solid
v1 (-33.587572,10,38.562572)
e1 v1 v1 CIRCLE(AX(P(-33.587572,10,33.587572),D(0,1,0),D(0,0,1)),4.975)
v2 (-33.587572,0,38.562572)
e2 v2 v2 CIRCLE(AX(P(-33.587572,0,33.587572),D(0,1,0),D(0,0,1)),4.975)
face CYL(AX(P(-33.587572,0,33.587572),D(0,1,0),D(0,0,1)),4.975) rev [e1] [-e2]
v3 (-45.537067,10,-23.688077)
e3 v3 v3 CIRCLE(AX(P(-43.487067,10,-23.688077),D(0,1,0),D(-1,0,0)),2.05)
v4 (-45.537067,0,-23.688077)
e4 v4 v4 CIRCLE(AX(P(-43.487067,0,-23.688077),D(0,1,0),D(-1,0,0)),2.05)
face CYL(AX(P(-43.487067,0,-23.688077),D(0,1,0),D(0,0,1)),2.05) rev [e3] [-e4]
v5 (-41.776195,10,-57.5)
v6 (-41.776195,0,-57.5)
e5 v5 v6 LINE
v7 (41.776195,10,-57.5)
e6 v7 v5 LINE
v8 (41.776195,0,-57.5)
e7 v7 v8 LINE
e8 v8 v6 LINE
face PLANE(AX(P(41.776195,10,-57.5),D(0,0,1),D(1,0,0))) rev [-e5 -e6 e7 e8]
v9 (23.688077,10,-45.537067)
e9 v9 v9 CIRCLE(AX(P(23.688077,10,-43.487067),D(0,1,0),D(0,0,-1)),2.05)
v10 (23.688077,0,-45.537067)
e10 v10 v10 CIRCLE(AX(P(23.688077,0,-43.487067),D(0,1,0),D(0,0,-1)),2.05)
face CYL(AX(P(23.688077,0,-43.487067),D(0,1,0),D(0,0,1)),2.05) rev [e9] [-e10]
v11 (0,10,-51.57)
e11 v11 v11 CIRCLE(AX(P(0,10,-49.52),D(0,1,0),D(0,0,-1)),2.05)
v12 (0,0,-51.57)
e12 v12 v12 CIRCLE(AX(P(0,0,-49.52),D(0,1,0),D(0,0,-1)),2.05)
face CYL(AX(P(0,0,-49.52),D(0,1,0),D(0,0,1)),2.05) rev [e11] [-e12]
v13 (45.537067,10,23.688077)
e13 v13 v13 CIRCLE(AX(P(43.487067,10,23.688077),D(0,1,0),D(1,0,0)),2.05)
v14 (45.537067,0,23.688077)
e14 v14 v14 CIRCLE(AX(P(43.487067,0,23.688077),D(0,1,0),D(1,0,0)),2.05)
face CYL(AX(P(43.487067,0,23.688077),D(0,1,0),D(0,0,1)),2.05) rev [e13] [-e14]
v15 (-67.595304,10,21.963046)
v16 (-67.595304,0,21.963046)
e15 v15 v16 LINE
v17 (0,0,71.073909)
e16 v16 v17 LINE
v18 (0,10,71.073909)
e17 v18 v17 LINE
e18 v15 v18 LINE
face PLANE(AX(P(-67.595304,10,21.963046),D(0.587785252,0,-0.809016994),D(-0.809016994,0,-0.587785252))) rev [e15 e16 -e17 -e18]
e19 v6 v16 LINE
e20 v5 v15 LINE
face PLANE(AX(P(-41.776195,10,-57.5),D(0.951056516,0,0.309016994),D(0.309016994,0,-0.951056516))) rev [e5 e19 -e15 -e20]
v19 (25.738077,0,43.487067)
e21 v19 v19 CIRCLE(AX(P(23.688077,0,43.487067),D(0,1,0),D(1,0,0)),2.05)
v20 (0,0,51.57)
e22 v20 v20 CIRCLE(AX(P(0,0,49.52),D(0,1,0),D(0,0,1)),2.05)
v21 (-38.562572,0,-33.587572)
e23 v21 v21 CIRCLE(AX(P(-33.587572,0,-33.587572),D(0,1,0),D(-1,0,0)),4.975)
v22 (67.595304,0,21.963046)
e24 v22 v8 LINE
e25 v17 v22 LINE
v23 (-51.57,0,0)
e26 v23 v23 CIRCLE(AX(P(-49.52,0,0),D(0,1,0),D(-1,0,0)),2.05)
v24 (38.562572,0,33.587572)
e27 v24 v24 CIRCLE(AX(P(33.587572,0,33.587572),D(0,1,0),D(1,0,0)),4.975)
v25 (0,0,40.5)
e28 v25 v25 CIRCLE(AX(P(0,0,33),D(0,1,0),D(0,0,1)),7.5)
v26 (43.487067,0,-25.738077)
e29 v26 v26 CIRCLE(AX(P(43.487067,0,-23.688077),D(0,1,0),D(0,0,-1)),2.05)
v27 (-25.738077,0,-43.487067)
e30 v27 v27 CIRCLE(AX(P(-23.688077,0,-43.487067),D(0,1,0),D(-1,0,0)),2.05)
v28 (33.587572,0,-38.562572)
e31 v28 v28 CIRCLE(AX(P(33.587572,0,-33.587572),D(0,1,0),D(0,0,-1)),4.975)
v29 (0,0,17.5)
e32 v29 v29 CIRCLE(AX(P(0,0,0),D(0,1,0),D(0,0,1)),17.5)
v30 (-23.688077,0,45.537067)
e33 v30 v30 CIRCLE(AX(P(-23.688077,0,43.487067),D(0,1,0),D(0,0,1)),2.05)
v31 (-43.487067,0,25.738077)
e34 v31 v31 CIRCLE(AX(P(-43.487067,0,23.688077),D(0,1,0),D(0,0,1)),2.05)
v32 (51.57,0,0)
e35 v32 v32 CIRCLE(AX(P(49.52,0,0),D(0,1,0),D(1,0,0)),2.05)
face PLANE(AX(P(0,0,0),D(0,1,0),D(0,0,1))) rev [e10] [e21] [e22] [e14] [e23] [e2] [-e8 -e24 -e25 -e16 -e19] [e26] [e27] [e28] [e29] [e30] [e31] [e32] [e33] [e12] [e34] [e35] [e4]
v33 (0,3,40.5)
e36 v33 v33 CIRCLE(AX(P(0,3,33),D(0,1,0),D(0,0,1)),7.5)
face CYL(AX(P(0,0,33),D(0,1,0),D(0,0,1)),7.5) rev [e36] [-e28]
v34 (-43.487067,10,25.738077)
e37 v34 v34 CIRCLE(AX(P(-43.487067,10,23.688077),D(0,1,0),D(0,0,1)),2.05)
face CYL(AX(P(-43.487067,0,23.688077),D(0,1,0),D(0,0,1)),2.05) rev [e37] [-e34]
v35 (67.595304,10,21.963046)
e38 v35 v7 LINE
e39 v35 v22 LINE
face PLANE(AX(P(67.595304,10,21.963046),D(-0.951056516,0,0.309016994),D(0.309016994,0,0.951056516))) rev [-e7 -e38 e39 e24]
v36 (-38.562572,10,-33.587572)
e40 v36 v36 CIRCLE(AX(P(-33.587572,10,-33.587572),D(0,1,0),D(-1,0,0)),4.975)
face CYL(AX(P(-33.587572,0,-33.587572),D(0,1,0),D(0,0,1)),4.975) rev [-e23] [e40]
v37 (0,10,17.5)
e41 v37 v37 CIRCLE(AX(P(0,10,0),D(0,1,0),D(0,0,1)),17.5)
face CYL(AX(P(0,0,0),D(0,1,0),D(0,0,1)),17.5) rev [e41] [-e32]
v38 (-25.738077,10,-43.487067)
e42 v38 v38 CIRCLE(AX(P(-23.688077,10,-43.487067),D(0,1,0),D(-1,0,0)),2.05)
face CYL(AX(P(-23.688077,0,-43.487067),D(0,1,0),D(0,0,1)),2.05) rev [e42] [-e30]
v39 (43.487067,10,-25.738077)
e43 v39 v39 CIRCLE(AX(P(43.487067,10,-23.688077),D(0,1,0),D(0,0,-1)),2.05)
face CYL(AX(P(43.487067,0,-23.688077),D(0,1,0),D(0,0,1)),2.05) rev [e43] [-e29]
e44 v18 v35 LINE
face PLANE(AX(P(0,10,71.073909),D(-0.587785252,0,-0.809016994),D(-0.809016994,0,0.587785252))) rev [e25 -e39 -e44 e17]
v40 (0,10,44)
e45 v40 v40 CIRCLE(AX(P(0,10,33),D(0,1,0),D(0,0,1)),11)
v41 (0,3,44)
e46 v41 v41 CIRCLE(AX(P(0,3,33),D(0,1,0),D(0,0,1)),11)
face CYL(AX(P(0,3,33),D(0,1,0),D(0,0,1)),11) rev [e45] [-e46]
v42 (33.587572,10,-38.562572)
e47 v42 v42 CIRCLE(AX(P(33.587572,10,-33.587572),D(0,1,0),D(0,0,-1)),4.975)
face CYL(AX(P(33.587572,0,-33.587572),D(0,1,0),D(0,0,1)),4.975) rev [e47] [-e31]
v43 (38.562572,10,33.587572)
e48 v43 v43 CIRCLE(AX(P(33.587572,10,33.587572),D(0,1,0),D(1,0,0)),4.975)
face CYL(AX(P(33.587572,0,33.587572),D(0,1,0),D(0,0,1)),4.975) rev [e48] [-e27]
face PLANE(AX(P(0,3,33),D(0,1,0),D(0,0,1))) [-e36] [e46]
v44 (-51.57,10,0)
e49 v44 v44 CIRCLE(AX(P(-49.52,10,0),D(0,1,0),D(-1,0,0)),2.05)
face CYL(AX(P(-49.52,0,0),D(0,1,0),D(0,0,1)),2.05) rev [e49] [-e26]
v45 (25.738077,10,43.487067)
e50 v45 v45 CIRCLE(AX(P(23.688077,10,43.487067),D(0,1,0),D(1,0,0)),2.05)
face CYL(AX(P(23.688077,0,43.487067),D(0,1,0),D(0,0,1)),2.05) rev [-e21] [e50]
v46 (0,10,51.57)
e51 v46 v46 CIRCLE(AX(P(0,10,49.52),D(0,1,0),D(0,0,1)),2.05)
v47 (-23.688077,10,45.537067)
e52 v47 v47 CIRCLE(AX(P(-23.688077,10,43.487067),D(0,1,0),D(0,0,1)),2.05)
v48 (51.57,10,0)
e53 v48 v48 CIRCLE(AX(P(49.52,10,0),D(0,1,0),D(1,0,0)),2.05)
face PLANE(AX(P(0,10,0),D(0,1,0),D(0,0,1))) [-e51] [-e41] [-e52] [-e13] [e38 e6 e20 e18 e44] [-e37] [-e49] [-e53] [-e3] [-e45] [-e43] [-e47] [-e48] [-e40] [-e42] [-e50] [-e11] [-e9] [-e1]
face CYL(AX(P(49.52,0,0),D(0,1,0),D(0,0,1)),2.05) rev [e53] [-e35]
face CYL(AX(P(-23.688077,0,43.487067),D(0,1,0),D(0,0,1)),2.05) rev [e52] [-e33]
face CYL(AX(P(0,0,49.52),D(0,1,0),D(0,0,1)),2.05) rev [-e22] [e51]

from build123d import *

# Parameters (mm, degrees)
BOSS_EXTRUDE1_DEPTH = 10
SKETCH2_R           = 11
CUT_EXTRUDE1_DEPTH  = 7
SKETCH3_R           = 7.5
CUT_EXTRUDE2_DEPTH  = 4
SKETCH5_R           = 4.975
SKETCH5_R_2         = 2.05
CUT_EXTRUDE4_DEPTH  = 11
SKETCH6_R           = 2.05
CUT_EXTRUDE5_DEPTH  = 11
CIRPATTERN1_COUNT   = 4
SKETCH7_R           = 17.5
CUT_EXTRUDE6_DEPTH  = 11


with BuildPart() as part:
    # Sketch1 → Boss-Extrude1 (new body)
    with BuildSketch(Plane(origin=(0, 0, 0), x_dir=(1, 0, 0), z_dir=(0, 1, 0))):
        Polygon((0, -71.073908706), (67.595304014, -21.963045647), (41.77619536, 57.5), (-41.77619536, 57.5), (-67.595304014, -21.963045647), align=None)
    extrude(amount=BOSS_EXTRUDE1_DEPTH)

    # Sketch2 → Cut-Extrude1 (cut)
    with BuildSketch(Plane(origin=(0, 10, 0), x_dir=(1, 0, 0), z_dir=(0, 1, 0))):
        with Locations((0, -33)):
            Circle(SKETCH2_R)
    extrude(amount=-CUT_EXTRUDE1_DEPTH, mode=Mode.SUBTRACT)

    # Sketch3 → Cut-Extrude2 (cut, through all)
    with BuildSketch(Plane(origin=(0, 3, 0), x_dir=(1, 0, 0), z_dir=(0, 1, 0))):
        with Locations((0, -33)):
            Circle(SKETCH3_R)
    extrude(amount=-CUT_EXTRUDE2_DEPTH, mode=Mode.SUBTRACT)

    # Sketch5 → Cut-Extrude4 (cut, through all)
    with BuildSketch(Plane(origin=(0, 10, 0), x_dir=(1, 0, 0), z_dir=(0, 1, 0))):
        with Locations((-33.587572106, -33.587572106)):
            Circle(SKETCH5_R)
        with Locations((-43.487067043, -23.68807717)):
            Circle(SKETCH5_R_2)
        with Locations((-23.68807717, -43.487067043)):
            Circle(SKETCH5_R_2)
    cut_extrude4 = extrude(amount=-CUT_EXTRUDE4_DEPTH, mode=Mode.SUBTRACT)

    # Sketch6 → Cut-Extrude5 (cut, through all)
    with BuildSketch(Plane(origin=(0, 10, 0), x_dir=(1, 0, 0), z_dir=(0, 1, 0))):
        with Locations((0, -49.52)):
            Circle(SKETCH6_R)
    cut_extrude5 = extrude(amount=-CUT_EXTRUDE5_DEPTH, mode=Mode.SUBTRACT)

    # CirPattern1: Cut-Extrude4, Cut-Extrude5 ×4 about axis
    cirpattern1_axis = Axis((0, 0, 0), (0, 1, 0))
    for i in range(1, CIRPATTERN1_COUNT):
        add(cut_extrude4.rotate(cirpattern1_axis, i * 360 / CIRPATTERN1_COUNT), mode=Mode.SUBTRACT)
        add(cut_extrude5.rotate(cirpattern1_axis, i * 360 / CIRPATTERN1_COUNT), mode=Mode.SUBTRACT)

    # Sketch7 → Cut-Extrude6 (cut, through all)
    with BuildSketch(Plane(origin=(0, 10, 0), x_dir=(1, 0, 0), z_dir=(0, 1, 0))):
        Circle(SKETCH7_R)
    extrude(amount=-CUT_EXTRUDE6_DEPTH, mode=Mode.SUBTRACT)


solid = part.part
